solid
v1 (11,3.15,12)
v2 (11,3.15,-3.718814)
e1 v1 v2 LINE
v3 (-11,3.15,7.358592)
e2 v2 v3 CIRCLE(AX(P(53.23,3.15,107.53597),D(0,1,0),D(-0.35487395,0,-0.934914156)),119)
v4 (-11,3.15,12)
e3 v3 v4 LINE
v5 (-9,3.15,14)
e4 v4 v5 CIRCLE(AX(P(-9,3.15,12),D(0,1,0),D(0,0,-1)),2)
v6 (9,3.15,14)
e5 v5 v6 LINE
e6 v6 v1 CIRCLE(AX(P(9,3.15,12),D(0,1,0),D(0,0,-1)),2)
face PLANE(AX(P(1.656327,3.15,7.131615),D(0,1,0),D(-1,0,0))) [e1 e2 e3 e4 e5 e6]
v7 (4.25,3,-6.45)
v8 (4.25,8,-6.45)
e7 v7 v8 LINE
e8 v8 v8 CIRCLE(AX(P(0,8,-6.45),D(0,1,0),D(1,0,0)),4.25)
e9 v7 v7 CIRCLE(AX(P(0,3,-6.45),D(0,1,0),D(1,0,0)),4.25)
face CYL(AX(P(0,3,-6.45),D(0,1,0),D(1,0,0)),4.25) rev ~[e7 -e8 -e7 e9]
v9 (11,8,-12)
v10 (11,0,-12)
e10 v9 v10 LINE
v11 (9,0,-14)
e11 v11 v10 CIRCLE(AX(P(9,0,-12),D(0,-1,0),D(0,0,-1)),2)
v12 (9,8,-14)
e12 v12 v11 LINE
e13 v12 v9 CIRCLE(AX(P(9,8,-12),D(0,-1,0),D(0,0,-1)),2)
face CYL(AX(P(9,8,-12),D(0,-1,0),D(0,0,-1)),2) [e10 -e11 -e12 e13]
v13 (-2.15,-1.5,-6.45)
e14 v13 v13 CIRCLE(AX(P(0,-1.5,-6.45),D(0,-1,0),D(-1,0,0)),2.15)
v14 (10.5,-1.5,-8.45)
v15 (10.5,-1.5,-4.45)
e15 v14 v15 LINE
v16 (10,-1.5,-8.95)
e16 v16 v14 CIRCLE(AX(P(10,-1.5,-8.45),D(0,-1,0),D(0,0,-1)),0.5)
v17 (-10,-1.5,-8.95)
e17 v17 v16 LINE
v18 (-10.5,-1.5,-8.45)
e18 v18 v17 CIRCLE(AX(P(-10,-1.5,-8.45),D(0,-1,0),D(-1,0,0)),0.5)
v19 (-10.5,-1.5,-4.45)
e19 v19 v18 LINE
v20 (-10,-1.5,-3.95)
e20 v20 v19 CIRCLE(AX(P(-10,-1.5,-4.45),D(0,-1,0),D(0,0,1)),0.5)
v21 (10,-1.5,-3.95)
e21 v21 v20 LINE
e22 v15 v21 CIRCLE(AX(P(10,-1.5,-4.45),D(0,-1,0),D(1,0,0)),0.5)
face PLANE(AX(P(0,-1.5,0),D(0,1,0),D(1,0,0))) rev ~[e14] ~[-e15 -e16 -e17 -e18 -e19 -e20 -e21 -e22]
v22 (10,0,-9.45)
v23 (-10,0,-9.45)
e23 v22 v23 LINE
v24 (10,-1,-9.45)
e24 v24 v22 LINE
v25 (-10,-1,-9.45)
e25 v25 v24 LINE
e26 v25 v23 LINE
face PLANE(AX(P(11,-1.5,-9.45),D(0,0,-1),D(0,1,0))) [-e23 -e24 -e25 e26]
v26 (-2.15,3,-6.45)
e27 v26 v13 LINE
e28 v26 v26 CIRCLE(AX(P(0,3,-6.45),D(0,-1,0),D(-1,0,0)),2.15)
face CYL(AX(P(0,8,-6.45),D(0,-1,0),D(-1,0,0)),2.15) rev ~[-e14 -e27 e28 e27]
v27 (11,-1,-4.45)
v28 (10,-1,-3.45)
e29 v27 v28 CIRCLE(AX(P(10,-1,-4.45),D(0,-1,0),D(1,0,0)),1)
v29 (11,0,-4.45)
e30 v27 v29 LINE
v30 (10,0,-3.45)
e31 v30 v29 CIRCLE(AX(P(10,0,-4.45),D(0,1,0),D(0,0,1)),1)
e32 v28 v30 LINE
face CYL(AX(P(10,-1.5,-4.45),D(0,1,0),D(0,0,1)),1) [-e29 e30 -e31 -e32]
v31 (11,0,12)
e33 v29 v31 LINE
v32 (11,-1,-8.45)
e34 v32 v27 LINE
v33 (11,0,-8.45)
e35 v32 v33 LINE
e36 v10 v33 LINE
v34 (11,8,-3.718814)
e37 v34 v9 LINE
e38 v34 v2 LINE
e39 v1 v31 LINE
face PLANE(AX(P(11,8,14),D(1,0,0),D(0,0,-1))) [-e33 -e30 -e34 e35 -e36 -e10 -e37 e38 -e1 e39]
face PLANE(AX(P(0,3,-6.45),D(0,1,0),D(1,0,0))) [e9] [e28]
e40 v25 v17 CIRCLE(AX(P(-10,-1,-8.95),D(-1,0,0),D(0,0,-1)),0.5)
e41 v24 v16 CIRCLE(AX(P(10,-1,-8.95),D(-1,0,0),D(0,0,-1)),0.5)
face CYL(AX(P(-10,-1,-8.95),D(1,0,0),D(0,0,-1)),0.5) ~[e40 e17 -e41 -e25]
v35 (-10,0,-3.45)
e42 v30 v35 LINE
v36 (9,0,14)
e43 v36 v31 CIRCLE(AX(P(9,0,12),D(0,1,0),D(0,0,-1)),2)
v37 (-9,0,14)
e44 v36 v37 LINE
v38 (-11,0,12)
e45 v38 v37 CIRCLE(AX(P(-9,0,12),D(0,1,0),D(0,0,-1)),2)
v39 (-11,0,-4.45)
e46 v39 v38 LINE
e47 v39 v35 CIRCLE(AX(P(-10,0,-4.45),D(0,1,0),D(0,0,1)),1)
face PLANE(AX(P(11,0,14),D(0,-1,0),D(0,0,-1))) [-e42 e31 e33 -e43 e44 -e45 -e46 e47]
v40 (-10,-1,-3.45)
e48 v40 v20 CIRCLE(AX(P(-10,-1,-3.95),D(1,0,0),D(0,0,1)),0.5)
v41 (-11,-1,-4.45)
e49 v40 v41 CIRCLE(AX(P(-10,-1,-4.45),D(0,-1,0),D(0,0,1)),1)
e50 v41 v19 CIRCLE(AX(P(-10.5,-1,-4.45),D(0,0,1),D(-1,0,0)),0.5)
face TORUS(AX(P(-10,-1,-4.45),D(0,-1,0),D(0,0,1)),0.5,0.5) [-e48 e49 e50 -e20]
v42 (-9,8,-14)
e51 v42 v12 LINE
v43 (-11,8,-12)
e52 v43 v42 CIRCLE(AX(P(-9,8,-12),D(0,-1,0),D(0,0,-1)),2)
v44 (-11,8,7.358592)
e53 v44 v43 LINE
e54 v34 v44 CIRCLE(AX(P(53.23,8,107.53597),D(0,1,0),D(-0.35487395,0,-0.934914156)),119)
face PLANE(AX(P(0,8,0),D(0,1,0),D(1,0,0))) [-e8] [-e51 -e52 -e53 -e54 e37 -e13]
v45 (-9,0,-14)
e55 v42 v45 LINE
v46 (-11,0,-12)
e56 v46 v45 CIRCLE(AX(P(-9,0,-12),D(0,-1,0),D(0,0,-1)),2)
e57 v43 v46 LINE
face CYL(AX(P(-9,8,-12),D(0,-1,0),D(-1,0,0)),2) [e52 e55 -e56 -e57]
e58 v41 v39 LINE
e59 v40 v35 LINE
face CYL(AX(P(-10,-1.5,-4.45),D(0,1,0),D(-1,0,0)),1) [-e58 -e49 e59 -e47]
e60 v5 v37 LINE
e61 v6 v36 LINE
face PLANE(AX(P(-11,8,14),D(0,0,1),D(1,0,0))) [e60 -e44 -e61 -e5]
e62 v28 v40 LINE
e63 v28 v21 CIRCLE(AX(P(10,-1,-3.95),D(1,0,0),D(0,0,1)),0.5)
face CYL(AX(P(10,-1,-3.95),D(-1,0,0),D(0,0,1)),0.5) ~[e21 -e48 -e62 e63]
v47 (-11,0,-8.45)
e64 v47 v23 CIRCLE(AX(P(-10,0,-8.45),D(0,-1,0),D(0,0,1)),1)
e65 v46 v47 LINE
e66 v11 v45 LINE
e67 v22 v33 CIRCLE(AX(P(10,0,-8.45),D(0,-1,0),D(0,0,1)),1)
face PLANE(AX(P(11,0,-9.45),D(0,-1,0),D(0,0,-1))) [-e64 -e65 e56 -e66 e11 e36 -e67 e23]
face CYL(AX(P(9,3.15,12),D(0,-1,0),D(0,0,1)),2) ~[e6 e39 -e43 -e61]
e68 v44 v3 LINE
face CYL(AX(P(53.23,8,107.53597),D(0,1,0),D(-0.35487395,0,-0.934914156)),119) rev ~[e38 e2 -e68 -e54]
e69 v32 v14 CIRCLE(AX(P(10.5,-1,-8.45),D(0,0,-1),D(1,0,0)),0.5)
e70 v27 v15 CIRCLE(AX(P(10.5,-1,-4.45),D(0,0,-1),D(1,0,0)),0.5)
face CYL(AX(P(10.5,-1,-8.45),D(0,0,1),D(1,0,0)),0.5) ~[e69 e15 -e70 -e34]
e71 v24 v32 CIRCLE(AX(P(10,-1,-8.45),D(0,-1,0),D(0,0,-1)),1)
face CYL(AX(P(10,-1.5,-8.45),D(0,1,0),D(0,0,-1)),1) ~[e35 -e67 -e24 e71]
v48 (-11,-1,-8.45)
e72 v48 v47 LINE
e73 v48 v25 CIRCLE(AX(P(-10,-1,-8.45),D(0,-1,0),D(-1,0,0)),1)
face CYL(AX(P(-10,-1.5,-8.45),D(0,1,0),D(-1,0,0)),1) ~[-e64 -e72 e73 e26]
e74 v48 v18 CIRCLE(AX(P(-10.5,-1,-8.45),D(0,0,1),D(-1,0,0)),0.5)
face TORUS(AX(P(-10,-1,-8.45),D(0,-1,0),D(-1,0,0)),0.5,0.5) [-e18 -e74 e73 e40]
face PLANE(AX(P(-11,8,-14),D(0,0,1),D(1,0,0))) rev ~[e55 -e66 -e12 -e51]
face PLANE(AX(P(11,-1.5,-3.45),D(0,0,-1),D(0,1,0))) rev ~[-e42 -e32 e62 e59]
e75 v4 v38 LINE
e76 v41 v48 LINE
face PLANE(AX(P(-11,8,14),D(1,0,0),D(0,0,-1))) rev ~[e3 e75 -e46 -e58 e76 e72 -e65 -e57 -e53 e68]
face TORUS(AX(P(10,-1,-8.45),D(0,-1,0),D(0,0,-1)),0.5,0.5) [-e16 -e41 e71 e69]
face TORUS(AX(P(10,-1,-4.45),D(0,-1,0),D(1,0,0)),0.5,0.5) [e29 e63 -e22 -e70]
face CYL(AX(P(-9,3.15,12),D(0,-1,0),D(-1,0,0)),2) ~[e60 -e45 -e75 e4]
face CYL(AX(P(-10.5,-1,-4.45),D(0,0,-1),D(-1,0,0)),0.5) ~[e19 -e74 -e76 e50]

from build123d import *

# Parameters (mm, degrees)
SKETCH1_W                                        = 22
SKETCH1_H                                        = 28
BOSS_EXTRUDE1_DEPTH                              = 9.5
SKETCH2_W                                        = 17.45
SKETCH2_H                                        = 1.5
CUT_EXTRUDE1_DEPTH                               = 23
CUT_EXTRUDE2_DEPTH                               = 4.85
SKETCH4_W                                        = 4.55
SKETCH4_H                                        = 1.5
CUT_EXTRUDE3_DEPTH                               = 23
CBORE_FOR_M4_HEX_HEAD_MACHINE_SCREW1_D           = 4.3
CBORE_FOR_M4_HEX_HEAD_MACHINE_SCREW1_DEPTH       = 9.5
CBORE_FOR_M4_HEX_HEAD_MACHINE_SCREW1_CBORE_D     = 8.5
CBORE_FOR_M4_HEX_HEAD_MACHINE_SCREW1_CBORE_DEPTH = 5
FILLET1_R                                        = 1
FILLET2_R                                        = 0.5
FILLET3_R                                        = 2


with BuildPart() as part:
    # Sketch1 → Boss-Extrude1 (new body)
    with BuildSketch(Plane(origin=(0, 8, 0), x_dir=(1, 0, 0), z_dir=(0, 1, 0))):
        Rectangle(SKETCH1_W, SKETCH1_H)
    extrude(amount=-BOSS_EXTRUDE1_DEPTH)

    # Sketch2 → Cut-Extrude1 (cut, through all)
    with BuildSketch(Plane(origin=(11, 0, 0), x_dir=(0, 0, -1), z_dir=(1, 0, 0))):
        with Locations((-5.275, -0.75)):
            Rectangle(SKETCH2_W, SKETCH2_H)
    extrude(amount=-CUT_EXTRUDE1_DEPTH, mode=Mode.SUBTRACT)

    # Sketch3 → Cut-Extrude2 (cut)
    with BuildSketch(Plane(origin=(0, 8, 0), x_dir=(-1, 0, 0), z_dir=(0, 1, 0))):
        with BuildLine():
            Line((11, 7.358592124), (11, 14))
            Line((11, 14), (-11, 14))
            Line((-11, 14), (-11, -3.718814308))
            ThreePointArc((-11, -3.718814308), (0.2873816, 1.249142024), (11, 7.358592124))
        make_face()
    extrude(amount=-CUT_EXTRUDE2_DEPTH, mode=Mode.SUBTRACT)

    # Sketch4 → Cut-Extrude3 (cut, through all)
    with BuildSketch(Plane(origin=(11, 0, 0), x_dir=(0, 0, -1), z_dir=(1, 0, 0))):
        with Locations((11.725, -0.75)):
            Rectangle(SKETCH4_W, SKETCH4_H)
    extrude(amount=-CUT_EXTRUDE3_DEPTH, mode=Mode.SUBTRACT)

    # CBORE for M4 Hex Head Machine Screw1
    with Locations(Plane(origin=(0, 8, 0), x_dir=(1, 0, 0), z_dir=(0, 1, 0))):
        with Locations((0, 6.45)):
            CounterBoreHole(CBORE_FOR_M4_HEX_HEAD_MACHINE_SCREW1_D / 2, CBORE_FOR_M4_HEX_HEAD_MACHINE_SCREW1_CBORE_D / 2, CBORE_FOR_M4_HEX_HEAD_MACHINE_SCREW1_CBORE_DEPTH, depth=CBORE_FOR_M4_HEX_HEAD_MACHINE_SCREW1_DEPTH)

    # Fillet1
    fillet1_edges = [part.edges().sort_by_distance(p)[0] for p in [
        (-11, -0.75, -3.45),
        (11, -0.75, -3.45),
        (-11, -0.75, -9.45),
        (11, -0.75, -9.45),
    ]]
    fillet(fillet1_edges, radius=FILLET1_R)

    # Fillet2
    fillet2_edges = [part.edges().sort_by_distance(p)[0] for p in [
        (0, -1.5, -3.45),
        (11, -1.5, -6.45),
        (-11, -1.5, -6.45),
        (0, -1.5, -9.45),
        (-10.707106781, -1.5, -9.157106781),
        (10.707106781, -1.5, -9.157106781),
        (-10.707106781, -1.5, -3.742893219),
        (10.707106781, -1.5, -3.742893219),
    ]]
    fillet(fillet2_edges, radius=FILLET2_R)

    # Fillet3
    fillet3_edges = [part.edges().sort_by_distance(p)[0] for p in [
        (11, 1.575, 14),
        (-11, 1.575, 14),
        (11, 4, -14),
        (-11, 4, -14),
    ]]
    fillet(fillet3_edges, radius=FILLET3_R)


solid = part.part
